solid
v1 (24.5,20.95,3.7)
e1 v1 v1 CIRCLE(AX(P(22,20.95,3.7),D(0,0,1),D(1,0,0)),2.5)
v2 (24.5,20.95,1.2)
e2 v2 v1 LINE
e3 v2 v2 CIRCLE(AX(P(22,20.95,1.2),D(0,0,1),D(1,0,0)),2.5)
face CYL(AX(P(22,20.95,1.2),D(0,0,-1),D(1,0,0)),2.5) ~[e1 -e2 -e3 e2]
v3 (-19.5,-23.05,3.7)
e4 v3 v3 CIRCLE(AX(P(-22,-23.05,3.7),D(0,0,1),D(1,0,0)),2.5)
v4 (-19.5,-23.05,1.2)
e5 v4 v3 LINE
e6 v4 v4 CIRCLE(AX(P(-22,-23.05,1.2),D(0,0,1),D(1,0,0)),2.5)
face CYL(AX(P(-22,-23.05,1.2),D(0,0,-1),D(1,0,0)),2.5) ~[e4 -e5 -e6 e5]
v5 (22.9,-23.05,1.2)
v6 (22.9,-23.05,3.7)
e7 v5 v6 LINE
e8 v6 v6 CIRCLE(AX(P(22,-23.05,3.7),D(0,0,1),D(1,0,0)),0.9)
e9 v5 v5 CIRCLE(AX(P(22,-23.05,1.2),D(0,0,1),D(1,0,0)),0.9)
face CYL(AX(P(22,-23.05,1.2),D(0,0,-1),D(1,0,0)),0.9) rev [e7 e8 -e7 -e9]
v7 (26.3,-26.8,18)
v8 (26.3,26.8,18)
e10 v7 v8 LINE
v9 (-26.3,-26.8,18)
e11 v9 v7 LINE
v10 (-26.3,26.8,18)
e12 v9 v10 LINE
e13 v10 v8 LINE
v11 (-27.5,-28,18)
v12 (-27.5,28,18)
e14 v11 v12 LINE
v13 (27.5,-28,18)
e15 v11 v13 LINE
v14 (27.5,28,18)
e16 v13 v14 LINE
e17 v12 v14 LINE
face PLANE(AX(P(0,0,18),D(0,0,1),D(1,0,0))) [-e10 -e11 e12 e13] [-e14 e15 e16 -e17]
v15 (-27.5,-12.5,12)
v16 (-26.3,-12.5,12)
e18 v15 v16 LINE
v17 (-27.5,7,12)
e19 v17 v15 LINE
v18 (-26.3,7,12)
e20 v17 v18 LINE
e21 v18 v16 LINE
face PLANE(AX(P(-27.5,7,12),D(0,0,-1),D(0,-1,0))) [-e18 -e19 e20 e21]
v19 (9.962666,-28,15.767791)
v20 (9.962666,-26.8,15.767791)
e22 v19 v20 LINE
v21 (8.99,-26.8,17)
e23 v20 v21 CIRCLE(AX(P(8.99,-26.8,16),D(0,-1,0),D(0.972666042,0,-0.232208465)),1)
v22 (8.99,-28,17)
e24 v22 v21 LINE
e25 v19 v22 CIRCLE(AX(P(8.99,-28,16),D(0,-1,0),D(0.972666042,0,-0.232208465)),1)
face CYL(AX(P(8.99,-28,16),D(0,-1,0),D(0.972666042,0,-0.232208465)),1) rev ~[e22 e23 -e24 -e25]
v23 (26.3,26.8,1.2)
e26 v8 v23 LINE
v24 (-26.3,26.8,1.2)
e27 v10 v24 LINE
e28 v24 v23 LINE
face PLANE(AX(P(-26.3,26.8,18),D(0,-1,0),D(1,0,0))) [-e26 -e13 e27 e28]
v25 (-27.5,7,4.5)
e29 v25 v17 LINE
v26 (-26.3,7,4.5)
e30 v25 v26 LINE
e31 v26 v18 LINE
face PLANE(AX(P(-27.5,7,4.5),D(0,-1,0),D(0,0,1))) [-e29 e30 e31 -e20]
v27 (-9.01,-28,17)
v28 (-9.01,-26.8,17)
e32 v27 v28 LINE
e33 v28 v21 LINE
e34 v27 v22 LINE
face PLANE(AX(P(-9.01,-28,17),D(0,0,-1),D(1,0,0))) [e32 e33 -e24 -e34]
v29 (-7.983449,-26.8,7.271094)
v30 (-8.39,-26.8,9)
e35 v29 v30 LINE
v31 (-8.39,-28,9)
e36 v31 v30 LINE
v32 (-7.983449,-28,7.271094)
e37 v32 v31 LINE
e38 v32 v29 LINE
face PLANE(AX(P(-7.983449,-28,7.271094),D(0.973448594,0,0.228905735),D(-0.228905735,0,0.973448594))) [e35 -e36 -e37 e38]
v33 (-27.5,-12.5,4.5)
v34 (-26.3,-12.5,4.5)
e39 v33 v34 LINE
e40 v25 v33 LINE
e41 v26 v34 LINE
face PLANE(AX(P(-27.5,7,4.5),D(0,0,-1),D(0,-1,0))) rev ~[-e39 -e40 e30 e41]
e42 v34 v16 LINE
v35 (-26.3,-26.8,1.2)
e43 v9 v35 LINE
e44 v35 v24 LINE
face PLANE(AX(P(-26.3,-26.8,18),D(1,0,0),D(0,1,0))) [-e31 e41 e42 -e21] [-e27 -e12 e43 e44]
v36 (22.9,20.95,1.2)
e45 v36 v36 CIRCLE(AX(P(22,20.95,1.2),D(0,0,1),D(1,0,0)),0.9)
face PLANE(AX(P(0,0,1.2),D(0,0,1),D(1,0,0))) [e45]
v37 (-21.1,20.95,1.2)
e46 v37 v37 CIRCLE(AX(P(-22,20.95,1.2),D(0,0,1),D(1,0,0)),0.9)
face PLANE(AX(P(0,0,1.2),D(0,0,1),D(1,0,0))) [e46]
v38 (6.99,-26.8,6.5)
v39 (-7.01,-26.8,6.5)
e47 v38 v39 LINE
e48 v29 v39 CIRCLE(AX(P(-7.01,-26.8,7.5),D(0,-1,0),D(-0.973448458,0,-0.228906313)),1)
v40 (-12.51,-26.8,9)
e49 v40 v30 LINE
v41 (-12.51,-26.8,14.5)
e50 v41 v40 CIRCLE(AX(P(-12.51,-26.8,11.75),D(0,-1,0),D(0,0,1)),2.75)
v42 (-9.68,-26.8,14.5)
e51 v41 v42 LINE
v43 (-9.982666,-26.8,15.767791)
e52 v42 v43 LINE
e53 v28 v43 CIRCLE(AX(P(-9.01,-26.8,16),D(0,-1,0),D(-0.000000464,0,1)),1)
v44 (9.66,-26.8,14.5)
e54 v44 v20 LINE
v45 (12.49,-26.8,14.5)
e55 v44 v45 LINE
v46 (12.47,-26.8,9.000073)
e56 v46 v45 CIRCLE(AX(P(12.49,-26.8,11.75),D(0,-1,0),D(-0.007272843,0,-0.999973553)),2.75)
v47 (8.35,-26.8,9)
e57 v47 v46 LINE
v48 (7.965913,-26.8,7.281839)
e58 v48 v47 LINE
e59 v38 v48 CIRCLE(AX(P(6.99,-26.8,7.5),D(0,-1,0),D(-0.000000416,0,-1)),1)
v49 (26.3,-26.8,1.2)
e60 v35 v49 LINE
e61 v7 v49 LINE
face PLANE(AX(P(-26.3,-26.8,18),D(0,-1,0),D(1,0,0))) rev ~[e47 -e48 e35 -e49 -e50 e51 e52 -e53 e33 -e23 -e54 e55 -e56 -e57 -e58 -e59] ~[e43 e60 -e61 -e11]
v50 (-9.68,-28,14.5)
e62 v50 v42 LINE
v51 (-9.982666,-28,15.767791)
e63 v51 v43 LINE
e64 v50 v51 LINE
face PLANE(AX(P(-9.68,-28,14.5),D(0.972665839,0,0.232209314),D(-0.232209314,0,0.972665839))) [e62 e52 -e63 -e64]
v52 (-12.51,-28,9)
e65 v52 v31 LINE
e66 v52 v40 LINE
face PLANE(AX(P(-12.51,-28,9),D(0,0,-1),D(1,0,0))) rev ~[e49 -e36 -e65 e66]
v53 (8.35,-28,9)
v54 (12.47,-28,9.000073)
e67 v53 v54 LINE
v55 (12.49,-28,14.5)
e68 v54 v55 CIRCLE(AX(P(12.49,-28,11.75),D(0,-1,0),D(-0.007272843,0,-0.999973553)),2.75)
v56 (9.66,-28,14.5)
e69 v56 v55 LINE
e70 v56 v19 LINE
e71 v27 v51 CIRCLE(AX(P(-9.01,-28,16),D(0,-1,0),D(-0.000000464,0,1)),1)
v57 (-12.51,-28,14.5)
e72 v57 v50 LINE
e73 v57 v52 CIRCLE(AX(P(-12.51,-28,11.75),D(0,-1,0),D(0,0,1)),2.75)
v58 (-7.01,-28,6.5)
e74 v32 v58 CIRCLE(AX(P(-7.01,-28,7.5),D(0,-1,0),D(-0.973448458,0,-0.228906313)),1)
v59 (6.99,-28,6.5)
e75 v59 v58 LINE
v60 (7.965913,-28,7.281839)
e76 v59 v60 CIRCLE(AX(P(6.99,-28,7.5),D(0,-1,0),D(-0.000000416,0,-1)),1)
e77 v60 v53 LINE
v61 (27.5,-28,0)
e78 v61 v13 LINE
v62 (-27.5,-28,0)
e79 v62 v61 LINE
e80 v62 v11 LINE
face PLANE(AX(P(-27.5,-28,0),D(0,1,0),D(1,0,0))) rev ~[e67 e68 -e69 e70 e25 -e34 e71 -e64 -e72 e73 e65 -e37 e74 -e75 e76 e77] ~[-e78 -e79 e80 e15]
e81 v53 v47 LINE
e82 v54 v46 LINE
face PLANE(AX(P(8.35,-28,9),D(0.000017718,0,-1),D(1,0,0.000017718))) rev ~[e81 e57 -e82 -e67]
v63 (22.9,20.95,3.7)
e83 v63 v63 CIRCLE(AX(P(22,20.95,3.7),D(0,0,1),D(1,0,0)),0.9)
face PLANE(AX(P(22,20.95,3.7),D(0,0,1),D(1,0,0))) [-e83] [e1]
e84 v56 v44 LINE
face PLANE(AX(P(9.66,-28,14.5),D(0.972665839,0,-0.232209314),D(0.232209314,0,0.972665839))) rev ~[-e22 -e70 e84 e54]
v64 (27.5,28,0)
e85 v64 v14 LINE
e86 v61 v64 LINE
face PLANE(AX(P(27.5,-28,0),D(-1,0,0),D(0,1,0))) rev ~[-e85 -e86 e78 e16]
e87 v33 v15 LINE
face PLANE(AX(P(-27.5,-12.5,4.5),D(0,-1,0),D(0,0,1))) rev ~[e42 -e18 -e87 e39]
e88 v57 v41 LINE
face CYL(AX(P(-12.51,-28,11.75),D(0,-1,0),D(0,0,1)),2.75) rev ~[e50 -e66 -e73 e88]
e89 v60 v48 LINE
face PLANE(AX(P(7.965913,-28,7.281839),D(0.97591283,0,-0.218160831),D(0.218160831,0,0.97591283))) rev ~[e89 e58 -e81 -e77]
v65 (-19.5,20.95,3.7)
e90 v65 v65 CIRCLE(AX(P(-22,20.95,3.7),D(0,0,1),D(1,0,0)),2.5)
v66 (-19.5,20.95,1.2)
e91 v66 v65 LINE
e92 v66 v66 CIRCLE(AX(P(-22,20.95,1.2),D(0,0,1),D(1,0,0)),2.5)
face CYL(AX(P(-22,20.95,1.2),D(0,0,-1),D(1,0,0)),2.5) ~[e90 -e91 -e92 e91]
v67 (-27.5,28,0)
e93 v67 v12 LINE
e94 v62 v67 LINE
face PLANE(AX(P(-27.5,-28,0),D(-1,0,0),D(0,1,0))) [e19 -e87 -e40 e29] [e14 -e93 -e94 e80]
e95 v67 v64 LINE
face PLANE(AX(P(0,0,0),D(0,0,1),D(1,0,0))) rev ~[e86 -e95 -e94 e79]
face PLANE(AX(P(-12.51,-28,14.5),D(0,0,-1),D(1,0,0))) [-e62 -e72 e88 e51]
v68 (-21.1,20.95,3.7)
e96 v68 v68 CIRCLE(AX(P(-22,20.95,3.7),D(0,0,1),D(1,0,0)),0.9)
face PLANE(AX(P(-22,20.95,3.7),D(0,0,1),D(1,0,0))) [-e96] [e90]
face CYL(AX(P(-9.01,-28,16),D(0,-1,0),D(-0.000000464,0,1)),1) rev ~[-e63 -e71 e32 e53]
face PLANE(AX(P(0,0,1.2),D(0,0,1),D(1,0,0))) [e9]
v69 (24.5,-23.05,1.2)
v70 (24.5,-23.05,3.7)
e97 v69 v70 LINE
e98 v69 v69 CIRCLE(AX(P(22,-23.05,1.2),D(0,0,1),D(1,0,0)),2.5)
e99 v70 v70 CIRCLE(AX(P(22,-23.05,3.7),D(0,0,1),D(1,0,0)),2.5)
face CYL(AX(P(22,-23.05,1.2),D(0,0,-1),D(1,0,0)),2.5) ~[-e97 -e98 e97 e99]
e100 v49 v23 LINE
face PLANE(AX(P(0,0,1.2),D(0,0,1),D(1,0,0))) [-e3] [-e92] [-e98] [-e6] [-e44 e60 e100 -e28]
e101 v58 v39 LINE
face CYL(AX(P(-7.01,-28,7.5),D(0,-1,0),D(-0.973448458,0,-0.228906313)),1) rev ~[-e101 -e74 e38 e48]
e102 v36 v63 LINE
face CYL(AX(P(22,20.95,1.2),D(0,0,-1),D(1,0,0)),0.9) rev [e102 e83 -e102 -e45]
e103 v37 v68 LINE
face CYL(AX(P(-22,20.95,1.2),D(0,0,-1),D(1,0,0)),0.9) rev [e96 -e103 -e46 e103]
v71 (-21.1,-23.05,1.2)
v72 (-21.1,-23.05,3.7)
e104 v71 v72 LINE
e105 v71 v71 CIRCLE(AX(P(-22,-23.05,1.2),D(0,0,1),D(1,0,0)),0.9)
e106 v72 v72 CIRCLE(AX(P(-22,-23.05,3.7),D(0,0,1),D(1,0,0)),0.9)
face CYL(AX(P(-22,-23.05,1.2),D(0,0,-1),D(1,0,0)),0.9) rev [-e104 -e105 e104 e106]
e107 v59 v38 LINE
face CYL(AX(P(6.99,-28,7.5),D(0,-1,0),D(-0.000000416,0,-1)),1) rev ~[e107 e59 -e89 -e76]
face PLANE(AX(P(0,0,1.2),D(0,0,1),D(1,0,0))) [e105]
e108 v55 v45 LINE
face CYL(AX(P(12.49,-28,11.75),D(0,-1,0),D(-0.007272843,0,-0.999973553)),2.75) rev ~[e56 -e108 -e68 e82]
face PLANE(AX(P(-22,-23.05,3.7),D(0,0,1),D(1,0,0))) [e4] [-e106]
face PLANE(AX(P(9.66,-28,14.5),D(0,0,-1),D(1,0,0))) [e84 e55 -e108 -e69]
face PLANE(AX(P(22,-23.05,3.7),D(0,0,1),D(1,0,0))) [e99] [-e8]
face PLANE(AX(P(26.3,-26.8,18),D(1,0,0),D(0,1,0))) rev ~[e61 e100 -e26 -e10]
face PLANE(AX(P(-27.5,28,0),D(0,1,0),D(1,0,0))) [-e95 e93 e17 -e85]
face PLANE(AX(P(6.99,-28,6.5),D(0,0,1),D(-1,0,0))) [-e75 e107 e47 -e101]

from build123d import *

# Parameters (mm, degrees)
SKETCH_W        = 55
SKETCH_H        = 56
PAD_DEPTH       = 18
SKETCH012_W     = 52.6
SKETCH012_H     = 53.6
POCKET_DEPTH    = 16.8
POCKET001_DEPTH = 1.2
SKETCH014_W     = 19.5
SKETCH014_H     = 7.5
POCKET002_DEPTH = 1.2
SKETCH015_R     = 2.5
SKETCH015_R_2   = 0.9
PAD010_DEPTH    = 2.5


with BuildPart() as part:
    # Sketch → Pad (new body)
    with BuildSketch(Plane.XY):
        Rectangle(SKETCH_W, SKETCH_H)
    extrude(amount=PAD_DEPTH)

    # Sketch012 (on Face6 of Pad) → Pocket (cut)
    with BuildSketch(Plane.XY.offset(18)):
        Rectangle(SKETCH012_W, SKETCH012_H)
    extrude(amount=-POCKET_DEPTH, mode=Mode.SUBTRACT)

    # Sketch013 (on Face6 of Pocket) → Pocket001 (cut)
    with BuildSketch(Plane.XZ.offset(28)):
        with BuildLine():
            ThreePointArc((12.47, 9.000073), (15.239982, 11.74), (12.49, 14.5))
            Line((9.66, 14.5), (12.49, 14.5))
            Line((9.66, 14.5), (9.962666, 15.767791))
            ThreePointArc((9.962666, 15.767791), (9.774923, 16.619593), (8.99, 17))
            Line((-9.01, 17), (8.99, 17))
            ThreePointArc((-9.01, 17), (-9.794923, 16.619593), (-9.982666, 15.767791))
            Line((-9.68, 14.5), (-9.982666, 15.767791))
            Line((-12.51, 14.5), (-9.68, 14.5))
            ThreePointArc((-12.51, 14.5), (-15.26, 11.75), (-12.51, 9))
            Line((-12.51, 9), (-8.39, 9))
            Line((-7.983449, 7.271094), (-8.39, 9))
            ThreePointArc((-7.983449, 7.271094), (-7.630924, 6.716129), (-7.01, 6.5))
            Line((6.99, 6.5), (-7.01, 6.5))
            ThreePointArc((6.99, 6.5), (7.615236, 6.719564), (7.965913, 7.281839))
            Line((7.965913, 7.281839), (8.35, 9))
            Line((8.35, 9), (12.47, 9.000073))
        make_face()
    extrude(amount=-POCKET001_DEPTH, mode=Mode.SUBTRACT)

    # Sketch014 (on Face2 of Pocket001) → Pocket002 (cut)
    with BuildSketch(Plane(origin=(-27.5, 0, 0), x_dir=(0, -1, 0), z_dir=(-1, 0, 0))):
        with Locations((2.75, 8.25)):
            Rectangle(SKETCH014_W, SKETCH014_H)
    extrude(amount=-POCKET002_DEPTH, mode=Mode.SUBTRACT)

    # Sketch015 (on Face31 of Pocket002) → Pad010 (join)
    with BuildSketch(Plane.XY.offset(1.2)):
        with Locations((22, -23.05)):
            Circle(SKETCH015_R)
        with Locations((22, -23.05)):
            Circle(SKETCH015_R_2, mode=Mode.SUBTRACT)
        with Locations((-22, -23.05)):
            Circle(SKETCH015_R)
        with Locations((-22, -23.05)):
            Circle(SKETCH015_R_2, mode=Mode.SUBTRACT)
        with Locations((22, 20.95)):
            Circle(SKETCH015_R)
        with Locations((22, 20.95)):
            Circle(SKETCH015_R_2, mode=Mode.SUBTRACT)
        with Locations((-22, 20.95)):
            Circle(SKETCH015_R)
        with Locations((-22, 20.95)):
            Circle(SKETCH015_R_2, mode=Mode.SUBTRACT)
    extrude(amount=PAD010_DEPTH)


solid = part.part
